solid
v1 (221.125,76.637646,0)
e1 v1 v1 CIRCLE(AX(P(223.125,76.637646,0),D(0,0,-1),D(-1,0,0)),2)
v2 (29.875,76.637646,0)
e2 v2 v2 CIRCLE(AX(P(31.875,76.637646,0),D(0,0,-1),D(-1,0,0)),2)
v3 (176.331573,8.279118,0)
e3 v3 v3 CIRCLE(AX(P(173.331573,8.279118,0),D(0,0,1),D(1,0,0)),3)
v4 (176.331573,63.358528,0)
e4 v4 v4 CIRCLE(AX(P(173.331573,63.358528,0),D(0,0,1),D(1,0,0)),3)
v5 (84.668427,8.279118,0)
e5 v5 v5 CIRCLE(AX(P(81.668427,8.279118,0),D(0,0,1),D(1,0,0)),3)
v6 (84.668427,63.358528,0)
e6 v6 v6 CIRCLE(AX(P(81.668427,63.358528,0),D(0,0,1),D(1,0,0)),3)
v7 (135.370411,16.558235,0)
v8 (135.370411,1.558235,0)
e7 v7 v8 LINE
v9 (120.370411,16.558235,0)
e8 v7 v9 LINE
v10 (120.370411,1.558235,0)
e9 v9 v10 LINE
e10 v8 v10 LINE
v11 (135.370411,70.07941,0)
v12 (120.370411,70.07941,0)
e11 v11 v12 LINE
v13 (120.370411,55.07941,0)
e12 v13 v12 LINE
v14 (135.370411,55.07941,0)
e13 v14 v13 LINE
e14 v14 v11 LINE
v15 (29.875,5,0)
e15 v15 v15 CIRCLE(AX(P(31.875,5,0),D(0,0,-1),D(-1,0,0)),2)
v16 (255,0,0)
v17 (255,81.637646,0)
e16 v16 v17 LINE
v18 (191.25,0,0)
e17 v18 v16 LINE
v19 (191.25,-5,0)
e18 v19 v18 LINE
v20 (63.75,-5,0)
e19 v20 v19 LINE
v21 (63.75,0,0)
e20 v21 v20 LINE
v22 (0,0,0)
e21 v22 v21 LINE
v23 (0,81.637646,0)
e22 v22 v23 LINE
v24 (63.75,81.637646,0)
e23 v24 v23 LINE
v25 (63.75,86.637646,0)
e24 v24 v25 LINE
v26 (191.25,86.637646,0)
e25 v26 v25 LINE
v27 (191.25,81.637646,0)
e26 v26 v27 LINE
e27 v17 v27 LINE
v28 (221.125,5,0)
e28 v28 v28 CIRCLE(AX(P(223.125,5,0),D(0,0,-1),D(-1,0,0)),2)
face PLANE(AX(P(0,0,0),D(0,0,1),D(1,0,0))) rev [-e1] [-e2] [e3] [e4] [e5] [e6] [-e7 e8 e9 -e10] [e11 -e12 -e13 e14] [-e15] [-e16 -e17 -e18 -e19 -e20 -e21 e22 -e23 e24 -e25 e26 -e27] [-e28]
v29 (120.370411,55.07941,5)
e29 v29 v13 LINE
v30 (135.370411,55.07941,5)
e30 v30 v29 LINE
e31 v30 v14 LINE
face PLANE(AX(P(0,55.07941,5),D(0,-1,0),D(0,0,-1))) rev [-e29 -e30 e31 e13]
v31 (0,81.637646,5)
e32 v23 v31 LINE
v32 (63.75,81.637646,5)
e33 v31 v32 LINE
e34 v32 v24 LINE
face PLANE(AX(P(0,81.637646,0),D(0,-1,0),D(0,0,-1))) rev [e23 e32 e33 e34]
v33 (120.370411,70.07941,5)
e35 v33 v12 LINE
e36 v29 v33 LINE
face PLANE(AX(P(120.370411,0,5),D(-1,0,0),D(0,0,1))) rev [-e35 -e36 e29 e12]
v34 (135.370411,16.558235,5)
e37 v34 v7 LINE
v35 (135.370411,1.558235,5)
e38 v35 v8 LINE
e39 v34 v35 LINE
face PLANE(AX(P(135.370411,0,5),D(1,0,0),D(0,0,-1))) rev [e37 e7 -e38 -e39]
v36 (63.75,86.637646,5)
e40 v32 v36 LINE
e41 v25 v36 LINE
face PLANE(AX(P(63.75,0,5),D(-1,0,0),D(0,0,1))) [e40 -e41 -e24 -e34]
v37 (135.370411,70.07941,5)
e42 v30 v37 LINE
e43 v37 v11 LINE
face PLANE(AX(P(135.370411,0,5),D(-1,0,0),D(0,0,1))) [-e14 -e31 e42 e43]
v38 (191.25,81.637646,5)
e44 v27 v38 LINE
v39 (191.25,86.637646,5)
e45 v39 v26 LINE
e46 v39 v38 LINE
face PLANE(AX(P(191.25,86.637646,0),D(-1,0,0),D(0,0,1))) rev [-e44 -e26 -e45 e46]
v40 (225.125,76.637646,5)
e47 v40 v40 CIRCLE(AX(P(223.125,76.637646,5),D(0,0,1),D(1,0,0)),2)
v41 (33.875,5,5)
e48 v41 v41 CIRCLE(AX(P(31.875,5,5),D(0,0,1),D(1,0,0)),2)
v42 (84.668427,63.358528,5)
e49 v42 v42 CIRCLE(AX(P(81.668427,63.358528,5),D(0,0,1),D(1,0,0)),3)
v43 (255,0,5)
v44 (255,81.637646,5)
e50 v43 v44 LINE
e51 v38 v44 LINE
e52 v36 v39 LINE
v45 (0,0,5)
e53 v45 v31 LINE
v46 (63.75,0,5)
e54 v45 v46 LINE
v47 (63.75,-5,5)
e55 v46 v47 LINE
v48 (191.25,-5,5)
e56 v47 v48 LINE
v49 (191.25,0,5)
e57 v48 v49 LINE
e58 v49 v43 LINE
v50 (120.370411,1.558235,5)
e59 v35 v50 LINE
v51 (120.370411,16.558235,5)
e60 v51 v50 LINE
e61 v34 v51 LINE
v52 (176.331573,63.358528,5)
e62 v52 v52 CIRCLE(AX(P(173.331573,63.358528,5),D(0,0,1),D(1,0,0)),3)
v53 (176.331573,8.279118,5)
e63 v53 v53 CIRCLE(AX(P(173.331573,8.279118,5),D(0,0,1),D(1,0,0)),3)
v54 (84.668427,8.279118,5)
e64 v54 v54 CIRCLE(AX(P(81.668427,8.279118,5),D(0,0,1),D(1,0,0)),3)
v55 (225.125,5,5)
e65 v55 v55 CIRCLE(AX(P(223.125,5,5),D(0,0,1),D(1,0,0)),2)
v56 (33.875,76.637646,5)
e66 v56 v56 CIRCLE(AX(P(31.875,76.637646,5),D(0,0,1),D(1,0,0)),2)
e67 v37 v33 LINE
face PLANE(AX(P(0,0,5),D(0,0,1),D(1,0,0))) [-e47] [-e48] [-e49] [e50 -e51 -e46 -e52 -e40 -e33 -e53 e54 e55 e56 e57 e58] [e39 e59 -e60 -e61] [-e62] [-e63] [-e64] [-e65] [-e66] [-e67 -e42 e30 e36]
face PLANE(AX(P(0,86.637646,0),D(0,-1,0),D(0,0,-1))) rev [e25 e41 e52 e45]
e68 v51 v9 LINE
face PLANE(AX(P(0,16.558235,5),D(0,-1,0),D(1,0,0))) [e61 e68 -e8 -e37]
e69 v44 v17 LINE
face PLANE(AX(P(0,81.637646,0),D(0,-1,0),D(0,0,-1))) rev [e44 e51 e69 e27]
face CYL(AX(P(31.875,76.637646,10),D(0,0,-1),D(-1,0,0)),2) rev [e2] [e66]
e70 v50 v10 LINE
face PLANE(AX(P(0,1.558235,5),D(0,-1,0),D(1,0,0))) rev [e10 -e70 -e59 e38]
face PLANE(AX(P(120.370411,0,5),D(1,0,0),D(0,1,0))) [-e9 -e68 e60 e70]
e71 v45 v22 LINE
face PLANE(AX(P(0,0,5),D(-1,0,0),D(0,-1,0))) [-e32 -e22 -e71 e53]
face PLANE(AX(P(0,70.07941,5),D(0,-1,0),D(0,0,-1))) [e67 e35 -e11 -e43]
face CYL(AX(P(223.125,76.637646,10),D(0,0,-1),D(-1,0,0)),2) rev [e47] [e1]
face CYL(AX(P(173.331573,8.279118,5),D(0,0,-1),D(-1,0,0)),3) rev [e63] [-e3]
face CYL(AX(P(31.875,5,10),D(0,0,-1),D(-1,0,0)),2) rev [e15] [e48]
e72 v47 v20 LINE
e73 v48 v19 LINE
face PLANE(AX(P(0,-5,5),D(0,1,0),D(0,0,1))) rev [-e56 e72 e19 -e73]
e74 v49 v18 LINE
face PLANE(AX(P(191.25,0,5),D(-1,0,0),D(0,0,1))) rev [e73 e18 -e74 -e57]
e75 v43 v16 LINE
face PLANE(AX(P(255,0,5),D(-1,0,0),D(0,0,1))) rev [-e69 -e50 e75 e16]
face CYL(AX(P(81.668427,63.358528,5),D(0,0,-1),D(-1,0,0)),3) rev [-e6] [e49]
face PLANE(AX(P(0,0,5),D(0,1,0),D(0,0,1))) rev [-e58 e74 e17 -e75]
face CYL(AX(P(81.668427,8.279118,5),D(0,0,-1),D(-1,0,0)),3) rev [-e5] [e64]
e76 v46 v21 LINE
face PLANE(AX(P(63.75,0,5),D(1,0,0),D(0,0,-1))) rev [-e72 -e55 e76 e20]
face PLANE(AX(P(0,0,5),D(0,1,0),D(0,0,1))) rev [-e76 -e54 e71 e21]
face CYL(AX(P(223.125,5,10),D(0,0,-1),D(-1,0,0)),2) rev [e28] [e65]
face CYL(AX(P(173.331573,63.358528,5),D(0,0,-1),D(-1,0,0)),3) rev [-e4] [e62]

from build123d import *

# Parameters (mm, degrees)
SKETCH1_R           = 3
SKETCH1_W           = 15
SKETCH1_H           = 15
BOSS_EXTRUDE1_DEPTH = 5
SKETCH2_R           = 1.5
CUT_EXTRUDE1_DEPTH  = 185
SKETCH3_R           = 2
CUT_EXTRUDE2_DEPTH  = 10
SKETCH5_W           = 63.75
SKETCH5_H           = 5
BOSS_EXTRUDE3_DEPTH = 10
SKETCH6_W           = 127.5
SKETCH6_H           = 5
BOSS_EXTRUDE4_DEPTH = 10
SKETCH7_W           = 63.75
SKETCH7_H           = 5
BOSS_EXTRUDE5_DEPTH = 10
SKETCH8_R           = 2
BOSS_EXTRUDE6_DEPTH = 5
SKETCH8_3_R         = 2
CUT_EXTRUDE3_DEPTH  = 10


with BuildPart() as part:
    # Sketch1 → Boss-Extrude1 (new body)
    with BuildSketch(Plane.XY):
        Polygon((191.25, 71.637645579), (255, 71.637645579), (255, 0), (191.25, 0), (191.25, -5), (127.5, -5), (63.75, -5), (63.75, 0), (0, 0), (0, 71.637645579), (63.75, 71.637645579), (63.75, 76.637645579), (127.5, 76.637645579), (191.25, 76.637645579), align=None)
        with Locations((81.6684273, 63.35852795)):
            Circle(SKETCH1_R, mode=Mode.SUBTRACT)
        with Locations((173.3315727, 63.35852795)):
            Circle(SKETCH1_R, mode=Mode.SUBTRACT)
        with Locations((81.6684273, 8.27911763)):
            Circle(SKETCH1_R, mode=Mode.SUBTRACT)
        with Locations((173.3315727, 8.27911763)):
            Circle(SKETCH1_R, mode=Mode.SUBTRACT)
        with Locations((127.870410973, 62.57941032)):
            Rectangle(SKETCH1_W, SKETCH1_H, mode=Mode.SUBTRACT)
        with Locations((127.870410973, 9.058235259)):
            Rectangle(SKETCH1_W, SKETCH1_H, mode=Mode.SUBTRACT)
    extrude(amount=BOSS_EXTRUDE1_DEPTH)

    # Sketch2 → Cut-Extrude1 (cut)
    with BuildSketch(Plane(origin=(0, 0, 0), x_dir=(-1, 0, 0), z_dir=(0, 0, -1))):
        with Locations((-31.875, 5)):
            Circle(SKETCH2_R)
        with Locations((-31.875, 66.637645579)):
            Circle(SKETCH2_R)
        with Locations((-223.125, 66.637645579)):
            Circle(SKETCH2_R)
        with Locations((-223.125, 5)):
            Circle(SKETCH2_R)
    extrude(amount=-CUT_EXTRUDE1_DEPTH, mode=Mode.SUBTRACT)

    # Sketch3 → Cut-Extrude2 (cut)
    with BuildSketch(Plane(origin=(0, 0, 0), x_dir=(-1, 0, 0), z_dir=(0, 0, -1))):
        with Locations((-31.875, 5)):
            Circle(SKETCH3_R)
        with Locations((-31.875, 66.637645579)):
            Circle(SKETCH3_R)
        with Locations((-223.125, 5)):
            Circle(SKETCH3_R)
        with Locations((-223.125, 66.637645579)):
            Circle(SKETCH3_R)
    extrude(amount=-CUT_EXTRUDE2_DEPTH, mode=Mode.SUBTRACT)

    # Sketch5 → Boss-Extrude3 (add)
    with BuildSketch(Plane(origin=(0, 71.637645579, 0), x_dir=(1, 0, 0), z_dir=(0, 1, 0))):
        with Locations((223.125, -2.5)):
            Rectangle(SKETCH5_W, SKETCH5_H)
    extrude(amount=BOSS_EXTRUDE3_DEPTH)

    # Sketch6 → Boss-Extrude4 (add)
    with BuildSketch(Plane(origin=(0, 76.637645579, 0), x_dir=(1, 0, 0), z_dir=(0, 1, 0))):
        with Locations((127.5, -2.5)):
            Rectangle(SKETCH6_W, SKETCH6_H)
    extrude(amount=BOSS_EXTRUDE4_DEPTH)

    # Sketch7 → Boss-Extrude5 (add)
    with BuildSketch(Plane(origin=(0, 71.637645579, 0), x_dir=(1, 0, 0), z_dir=(0, 1, 0))):
        with Locations((31.875, -2.5)):
            Rectangle(SKETCH7_W, SKETCH7_H)
    extrude(amount=BOSS_EXTRUDE5_DEPTH)

    # Sketch8 → Boss-Extrude6 (add)
    with BuildSketch(Plane(origin=(0, 0, 0), x_dir=(-1, 0, 0), z_dir=(0, 0, -1))):
        with Locations((-31.875, 66.637645579)):
            Circle(SKETCH8_R)
        with Locations((-31.875, 76.637645579)):
            Circle(SKETCH8_R)
        with Locations((-223.125, 76.637645579)):
            Circle(SKETCH8_R)
        with Locations((-223.125, 66.637645579)):
            Circle(SKETCH8_R)
    extrude(amount=-BOSS_EXTRUDE6_DEPTH)

    # Sketch8<3> → Cut-Extrude3 (cut)
    with BuildSketch(Plane(origin=(0, 0, 0), x_dir=(-1, 0, 0), z_dir=(0, 0, -1))):
        with Locations((-31.875, 76.637645579)):
            Circle(SKETCH8_3_R)
        with Locations((-223.125, 76.637645579)):
            Circle(SKETCH8_3_R)
    extrude(amount=-CUT_EXTRUDE3_DEPTH, mode=Mode.SUBTRACT)


solid = part.part
